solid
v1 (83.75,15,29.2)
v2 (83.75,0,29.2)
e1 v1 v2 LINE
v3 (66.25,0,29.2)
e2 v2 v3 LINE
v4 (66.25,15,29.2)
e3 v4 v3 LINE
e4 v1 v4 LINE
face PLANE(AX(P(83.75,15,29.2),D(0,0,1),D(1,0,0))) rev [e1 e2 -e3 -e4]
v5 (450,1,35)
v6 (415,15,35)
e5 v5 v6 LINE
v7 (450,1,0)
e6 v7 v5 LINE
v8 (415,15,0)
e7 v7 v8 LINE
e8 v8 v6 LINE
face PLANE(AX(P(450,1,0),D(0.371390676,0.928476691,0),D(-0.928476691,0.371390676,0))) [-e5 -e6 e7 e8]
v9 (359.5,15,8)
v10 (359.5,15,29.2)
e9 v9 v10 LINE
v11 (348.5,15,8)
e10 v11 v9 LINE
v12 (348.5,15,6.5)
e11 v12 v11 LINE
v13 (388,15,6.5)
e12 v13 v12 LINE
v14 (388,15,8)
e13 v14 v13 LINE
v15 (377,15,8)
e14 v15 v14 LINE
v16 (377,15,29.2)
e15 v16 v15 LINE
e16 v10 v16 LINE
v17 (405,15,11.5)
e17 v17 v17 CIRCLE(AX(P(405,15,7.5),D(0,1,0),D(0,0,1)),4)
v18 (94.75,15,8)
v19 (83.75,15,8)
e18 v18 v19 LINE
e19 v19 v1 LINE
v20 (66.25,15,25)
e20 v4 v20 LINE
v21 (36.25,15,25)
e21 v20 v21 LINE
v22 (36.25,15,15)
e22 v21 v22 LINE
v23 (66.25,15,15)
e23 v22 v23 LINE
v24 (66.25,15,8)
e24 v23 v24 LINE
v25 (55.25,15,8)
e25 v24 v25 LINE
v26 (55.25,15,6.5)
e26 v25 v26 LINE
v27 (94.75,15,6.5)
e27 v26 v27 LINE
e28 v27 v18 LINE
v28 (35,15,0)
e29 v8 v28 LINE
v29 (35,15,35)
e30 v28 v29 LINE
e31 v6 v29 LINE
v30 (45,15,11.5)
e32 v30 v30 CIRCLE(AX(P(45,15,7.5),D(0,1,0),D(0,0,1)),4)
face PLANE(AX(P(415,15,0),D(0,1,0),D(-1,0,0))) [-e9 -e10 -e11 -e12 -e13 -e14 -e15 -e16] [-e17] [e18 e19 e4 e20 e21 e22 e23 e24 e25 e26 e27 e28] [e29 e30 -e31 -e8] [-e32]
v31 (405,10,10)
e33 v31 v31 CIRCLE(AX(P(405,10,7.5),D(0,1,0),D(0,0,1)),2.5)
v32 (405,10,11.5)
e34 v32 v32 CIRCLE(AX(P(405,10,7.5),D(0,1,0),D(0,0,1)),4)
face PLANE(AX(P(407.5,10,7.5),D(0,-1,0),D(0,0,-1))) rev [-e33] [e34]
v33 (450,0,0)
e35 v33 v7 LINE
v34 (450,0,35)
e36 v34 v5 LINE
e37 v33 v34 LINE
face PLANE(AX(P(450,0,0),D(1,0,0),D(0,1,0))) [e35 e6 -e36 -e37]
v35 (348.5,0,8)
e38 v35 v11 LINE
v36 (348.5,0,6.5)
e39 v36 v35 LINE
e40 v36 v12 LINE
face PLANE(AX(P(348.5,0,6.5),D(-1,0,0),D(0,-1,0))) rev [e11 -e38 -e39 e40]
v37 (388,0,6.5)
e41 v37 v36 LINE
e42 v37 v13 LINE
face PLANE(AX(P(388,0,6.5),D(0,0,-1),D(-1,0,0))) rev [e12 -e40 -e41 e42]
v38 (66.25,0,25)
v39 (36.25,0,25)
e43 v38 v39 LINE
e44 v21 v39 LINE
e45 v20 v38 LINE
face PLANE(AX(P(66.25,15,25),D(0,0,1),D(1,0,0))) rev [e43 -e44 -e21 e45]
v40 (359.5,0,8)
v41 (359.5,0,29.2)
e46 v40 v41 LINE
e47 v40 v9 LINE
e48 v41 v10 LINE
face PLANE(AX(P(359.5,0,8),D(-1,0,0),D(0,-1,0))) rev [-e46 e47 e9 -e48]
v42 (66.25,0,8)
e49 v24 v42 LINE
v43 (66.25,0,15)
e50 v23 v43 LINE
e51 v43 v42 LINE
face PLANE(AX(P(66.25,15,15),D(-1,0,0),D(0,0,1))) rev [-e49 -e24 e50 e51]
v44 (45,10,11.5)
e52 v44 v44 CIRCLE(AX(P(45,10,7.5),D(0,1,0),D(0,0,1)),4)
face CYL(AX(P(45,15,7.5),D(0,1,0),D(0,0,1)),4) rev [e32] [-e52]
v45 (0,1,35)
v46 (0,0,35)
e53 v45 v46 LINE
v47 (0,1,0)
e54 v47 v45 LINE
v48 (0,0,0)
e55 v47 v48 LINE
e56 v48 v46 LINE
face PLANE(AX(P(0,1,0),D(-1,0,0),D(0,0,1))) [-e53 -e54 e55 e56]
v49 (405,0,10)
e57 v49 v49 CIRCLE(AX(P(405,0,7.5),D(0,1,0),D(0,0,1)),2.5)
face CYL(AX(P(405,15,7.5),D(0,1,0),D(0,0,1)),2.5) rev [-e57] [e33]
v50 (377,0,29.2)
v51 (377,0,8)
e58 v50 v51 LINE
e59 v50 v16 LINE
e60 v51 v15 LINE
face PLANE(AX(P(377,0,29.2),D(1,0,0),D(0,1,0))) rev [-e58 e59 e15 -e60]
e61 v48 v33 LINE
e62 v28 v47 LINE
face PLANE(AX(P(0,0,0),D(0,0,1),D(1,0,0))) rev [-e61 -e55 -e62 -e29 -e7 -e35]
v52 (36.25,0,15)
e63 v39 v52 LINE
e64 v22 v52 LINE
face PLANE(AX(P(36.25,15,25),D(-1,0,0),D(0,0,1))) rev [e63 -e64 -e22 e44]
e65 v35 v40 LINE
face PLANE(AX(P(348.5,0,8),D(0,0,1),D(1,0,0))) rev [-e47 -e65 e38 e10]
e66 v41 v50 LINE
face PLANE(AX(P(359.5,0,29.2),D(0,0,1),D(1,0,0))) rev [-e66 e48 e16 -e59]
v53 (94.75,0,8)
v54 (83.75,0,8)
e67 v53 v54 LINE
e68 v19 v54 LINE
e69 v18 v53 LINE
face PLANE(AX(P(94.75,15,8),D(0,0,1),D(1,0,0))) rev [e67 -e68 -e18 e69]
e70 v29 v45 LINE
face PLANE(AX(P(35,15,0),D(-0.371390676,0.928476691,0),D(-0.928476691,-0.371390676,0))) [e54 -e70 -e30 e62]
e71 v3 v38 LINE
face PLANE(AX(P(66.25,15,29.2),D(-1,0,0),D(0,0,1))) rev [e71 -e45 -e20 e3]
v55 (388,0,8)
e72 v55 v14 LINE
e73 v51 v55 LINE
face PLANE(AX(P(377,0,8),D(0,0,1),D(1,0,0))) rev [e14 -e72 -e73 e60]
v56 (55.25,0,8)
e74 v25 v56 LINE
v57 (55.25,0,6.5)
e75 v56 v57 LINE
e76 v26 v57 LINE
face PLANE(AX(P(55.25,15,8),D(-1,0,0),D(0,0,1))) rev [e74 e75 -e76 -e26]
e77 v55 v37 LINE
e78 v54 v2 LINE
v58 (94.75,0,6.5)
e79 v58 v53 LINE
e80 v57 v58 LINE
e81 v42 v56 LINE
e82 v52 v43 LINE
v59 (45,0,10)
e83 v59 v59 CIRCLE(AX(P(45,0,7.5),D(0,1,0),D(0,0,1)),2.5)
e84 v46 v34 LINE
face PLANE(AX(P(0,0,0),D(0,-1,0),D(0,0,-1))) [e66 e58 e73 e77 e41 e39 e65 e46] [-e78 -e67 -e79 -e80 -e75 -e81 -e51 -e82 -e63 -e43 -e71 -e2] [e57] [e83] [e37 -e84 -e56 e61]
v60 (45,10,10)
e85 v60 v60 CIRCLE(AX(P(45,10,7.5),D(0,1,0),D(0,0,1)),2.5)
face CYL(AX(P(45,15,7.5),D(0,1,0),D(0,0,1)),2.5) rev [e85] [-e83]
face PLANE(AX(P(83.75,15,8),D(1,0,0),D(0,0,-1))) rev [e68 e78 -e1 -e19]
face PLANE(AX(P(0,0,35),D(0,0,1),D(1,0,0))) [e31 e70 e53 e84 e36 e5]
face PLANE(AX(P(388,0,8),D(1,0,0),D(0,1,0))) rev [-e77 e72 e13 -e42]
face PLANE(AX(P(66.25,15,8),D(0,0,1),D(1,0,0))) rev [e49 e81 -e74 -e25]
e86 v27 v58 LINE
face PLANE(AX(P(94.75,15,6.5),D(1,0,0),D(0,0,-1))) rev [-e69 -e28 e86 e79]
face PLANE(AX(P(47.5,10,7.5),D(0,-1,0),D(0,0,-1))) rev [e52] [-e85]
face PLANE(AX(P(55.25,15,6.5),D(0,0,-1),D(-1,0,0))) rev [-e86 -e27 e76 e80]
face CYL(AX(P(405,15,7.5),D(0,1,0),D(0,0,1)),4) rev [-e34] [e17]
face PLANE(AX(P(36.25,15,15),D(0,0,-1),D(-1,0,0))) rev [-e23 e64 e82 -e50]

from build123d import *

# Parameters (mm, degrees)
BOSS_EXTRUDE1_DEPTH             = 35
CUT_EXTRUDE1_DEPTH              = 452.608237303
CUT_EXTRUDE2_DEPTH              = 452.608237303
M8X1_0_TAPPED_HOLE1_D           = 5
M8X1_0_TAPPED_HOLE1_CBORE_D     = 8
M8X1_0_TAPPED_HOLE1_CBORE_DEPTH = 5


with BuildPart() as part:
    # Sketch1 → Boss-Extrude1 (new body)
    with BuildSketch(Plane.XY.offset(35)):
        Polygon((0, 0), (450, 0), (450, 1), (415, 15), (35, 15), (0, 1), align=None)
    extrude(amount=-BOSS_EXTRUDE1_DEPTH)

    # Sketch2 → Cut-Extrude1 (cut, through all)
    with BuildSketch(Plane(origin=(0, 15, 0), x_dir=(-1, 0, 0), z_dir=(0, 1, 0))):
        Polygon((-359.5, 8), (-359.5, 29.2), (-377, 29.2), (-377, 8), (-388, 8), (-388, 6.5), (-348.5, 6.5), (-348.5, 8), align=None)
    extrude(amount=-CUT_EXTRUDE1_DEPTH, mode=Mode.SUBTRACT)

    # Sketch3 → Cut-Extrude2 (cut, through all)
    with BuildSketch(Plane.XZ):
        Polygon((66.25, 15), (66.25, 8), (55.25, 8), (55.25, 6.5), (94.75, 6.5), (94.75, 8), (83.75, 8), (83.75, 29.2), (66.25, 29.2), (66.25, 25), (36.25, 25), (36.25, 15), align=None)
    extrude(amount=-CUT_EXTRUDE2_DEPTH, mode=Mode.SUBTRACT)

    # M8x1.0 Tapped Hole1 (through all)
    with Locations(Plane(origin=(0, 15, 0), x_dir=(1, 0, 0), z_dir=(0, 1, 0))):
        with Locations((45, -7.5), (405, -7.5)):
            CounterBoreHole(M8X1_0_TAPPED_HOLE1_D / 2, M8X1_0_TAPPED_HOLE1_CBORE_D / 2, M8X1_0_TAPPED_HOLE1_CBORE_DEPTH)


solid = part.part
